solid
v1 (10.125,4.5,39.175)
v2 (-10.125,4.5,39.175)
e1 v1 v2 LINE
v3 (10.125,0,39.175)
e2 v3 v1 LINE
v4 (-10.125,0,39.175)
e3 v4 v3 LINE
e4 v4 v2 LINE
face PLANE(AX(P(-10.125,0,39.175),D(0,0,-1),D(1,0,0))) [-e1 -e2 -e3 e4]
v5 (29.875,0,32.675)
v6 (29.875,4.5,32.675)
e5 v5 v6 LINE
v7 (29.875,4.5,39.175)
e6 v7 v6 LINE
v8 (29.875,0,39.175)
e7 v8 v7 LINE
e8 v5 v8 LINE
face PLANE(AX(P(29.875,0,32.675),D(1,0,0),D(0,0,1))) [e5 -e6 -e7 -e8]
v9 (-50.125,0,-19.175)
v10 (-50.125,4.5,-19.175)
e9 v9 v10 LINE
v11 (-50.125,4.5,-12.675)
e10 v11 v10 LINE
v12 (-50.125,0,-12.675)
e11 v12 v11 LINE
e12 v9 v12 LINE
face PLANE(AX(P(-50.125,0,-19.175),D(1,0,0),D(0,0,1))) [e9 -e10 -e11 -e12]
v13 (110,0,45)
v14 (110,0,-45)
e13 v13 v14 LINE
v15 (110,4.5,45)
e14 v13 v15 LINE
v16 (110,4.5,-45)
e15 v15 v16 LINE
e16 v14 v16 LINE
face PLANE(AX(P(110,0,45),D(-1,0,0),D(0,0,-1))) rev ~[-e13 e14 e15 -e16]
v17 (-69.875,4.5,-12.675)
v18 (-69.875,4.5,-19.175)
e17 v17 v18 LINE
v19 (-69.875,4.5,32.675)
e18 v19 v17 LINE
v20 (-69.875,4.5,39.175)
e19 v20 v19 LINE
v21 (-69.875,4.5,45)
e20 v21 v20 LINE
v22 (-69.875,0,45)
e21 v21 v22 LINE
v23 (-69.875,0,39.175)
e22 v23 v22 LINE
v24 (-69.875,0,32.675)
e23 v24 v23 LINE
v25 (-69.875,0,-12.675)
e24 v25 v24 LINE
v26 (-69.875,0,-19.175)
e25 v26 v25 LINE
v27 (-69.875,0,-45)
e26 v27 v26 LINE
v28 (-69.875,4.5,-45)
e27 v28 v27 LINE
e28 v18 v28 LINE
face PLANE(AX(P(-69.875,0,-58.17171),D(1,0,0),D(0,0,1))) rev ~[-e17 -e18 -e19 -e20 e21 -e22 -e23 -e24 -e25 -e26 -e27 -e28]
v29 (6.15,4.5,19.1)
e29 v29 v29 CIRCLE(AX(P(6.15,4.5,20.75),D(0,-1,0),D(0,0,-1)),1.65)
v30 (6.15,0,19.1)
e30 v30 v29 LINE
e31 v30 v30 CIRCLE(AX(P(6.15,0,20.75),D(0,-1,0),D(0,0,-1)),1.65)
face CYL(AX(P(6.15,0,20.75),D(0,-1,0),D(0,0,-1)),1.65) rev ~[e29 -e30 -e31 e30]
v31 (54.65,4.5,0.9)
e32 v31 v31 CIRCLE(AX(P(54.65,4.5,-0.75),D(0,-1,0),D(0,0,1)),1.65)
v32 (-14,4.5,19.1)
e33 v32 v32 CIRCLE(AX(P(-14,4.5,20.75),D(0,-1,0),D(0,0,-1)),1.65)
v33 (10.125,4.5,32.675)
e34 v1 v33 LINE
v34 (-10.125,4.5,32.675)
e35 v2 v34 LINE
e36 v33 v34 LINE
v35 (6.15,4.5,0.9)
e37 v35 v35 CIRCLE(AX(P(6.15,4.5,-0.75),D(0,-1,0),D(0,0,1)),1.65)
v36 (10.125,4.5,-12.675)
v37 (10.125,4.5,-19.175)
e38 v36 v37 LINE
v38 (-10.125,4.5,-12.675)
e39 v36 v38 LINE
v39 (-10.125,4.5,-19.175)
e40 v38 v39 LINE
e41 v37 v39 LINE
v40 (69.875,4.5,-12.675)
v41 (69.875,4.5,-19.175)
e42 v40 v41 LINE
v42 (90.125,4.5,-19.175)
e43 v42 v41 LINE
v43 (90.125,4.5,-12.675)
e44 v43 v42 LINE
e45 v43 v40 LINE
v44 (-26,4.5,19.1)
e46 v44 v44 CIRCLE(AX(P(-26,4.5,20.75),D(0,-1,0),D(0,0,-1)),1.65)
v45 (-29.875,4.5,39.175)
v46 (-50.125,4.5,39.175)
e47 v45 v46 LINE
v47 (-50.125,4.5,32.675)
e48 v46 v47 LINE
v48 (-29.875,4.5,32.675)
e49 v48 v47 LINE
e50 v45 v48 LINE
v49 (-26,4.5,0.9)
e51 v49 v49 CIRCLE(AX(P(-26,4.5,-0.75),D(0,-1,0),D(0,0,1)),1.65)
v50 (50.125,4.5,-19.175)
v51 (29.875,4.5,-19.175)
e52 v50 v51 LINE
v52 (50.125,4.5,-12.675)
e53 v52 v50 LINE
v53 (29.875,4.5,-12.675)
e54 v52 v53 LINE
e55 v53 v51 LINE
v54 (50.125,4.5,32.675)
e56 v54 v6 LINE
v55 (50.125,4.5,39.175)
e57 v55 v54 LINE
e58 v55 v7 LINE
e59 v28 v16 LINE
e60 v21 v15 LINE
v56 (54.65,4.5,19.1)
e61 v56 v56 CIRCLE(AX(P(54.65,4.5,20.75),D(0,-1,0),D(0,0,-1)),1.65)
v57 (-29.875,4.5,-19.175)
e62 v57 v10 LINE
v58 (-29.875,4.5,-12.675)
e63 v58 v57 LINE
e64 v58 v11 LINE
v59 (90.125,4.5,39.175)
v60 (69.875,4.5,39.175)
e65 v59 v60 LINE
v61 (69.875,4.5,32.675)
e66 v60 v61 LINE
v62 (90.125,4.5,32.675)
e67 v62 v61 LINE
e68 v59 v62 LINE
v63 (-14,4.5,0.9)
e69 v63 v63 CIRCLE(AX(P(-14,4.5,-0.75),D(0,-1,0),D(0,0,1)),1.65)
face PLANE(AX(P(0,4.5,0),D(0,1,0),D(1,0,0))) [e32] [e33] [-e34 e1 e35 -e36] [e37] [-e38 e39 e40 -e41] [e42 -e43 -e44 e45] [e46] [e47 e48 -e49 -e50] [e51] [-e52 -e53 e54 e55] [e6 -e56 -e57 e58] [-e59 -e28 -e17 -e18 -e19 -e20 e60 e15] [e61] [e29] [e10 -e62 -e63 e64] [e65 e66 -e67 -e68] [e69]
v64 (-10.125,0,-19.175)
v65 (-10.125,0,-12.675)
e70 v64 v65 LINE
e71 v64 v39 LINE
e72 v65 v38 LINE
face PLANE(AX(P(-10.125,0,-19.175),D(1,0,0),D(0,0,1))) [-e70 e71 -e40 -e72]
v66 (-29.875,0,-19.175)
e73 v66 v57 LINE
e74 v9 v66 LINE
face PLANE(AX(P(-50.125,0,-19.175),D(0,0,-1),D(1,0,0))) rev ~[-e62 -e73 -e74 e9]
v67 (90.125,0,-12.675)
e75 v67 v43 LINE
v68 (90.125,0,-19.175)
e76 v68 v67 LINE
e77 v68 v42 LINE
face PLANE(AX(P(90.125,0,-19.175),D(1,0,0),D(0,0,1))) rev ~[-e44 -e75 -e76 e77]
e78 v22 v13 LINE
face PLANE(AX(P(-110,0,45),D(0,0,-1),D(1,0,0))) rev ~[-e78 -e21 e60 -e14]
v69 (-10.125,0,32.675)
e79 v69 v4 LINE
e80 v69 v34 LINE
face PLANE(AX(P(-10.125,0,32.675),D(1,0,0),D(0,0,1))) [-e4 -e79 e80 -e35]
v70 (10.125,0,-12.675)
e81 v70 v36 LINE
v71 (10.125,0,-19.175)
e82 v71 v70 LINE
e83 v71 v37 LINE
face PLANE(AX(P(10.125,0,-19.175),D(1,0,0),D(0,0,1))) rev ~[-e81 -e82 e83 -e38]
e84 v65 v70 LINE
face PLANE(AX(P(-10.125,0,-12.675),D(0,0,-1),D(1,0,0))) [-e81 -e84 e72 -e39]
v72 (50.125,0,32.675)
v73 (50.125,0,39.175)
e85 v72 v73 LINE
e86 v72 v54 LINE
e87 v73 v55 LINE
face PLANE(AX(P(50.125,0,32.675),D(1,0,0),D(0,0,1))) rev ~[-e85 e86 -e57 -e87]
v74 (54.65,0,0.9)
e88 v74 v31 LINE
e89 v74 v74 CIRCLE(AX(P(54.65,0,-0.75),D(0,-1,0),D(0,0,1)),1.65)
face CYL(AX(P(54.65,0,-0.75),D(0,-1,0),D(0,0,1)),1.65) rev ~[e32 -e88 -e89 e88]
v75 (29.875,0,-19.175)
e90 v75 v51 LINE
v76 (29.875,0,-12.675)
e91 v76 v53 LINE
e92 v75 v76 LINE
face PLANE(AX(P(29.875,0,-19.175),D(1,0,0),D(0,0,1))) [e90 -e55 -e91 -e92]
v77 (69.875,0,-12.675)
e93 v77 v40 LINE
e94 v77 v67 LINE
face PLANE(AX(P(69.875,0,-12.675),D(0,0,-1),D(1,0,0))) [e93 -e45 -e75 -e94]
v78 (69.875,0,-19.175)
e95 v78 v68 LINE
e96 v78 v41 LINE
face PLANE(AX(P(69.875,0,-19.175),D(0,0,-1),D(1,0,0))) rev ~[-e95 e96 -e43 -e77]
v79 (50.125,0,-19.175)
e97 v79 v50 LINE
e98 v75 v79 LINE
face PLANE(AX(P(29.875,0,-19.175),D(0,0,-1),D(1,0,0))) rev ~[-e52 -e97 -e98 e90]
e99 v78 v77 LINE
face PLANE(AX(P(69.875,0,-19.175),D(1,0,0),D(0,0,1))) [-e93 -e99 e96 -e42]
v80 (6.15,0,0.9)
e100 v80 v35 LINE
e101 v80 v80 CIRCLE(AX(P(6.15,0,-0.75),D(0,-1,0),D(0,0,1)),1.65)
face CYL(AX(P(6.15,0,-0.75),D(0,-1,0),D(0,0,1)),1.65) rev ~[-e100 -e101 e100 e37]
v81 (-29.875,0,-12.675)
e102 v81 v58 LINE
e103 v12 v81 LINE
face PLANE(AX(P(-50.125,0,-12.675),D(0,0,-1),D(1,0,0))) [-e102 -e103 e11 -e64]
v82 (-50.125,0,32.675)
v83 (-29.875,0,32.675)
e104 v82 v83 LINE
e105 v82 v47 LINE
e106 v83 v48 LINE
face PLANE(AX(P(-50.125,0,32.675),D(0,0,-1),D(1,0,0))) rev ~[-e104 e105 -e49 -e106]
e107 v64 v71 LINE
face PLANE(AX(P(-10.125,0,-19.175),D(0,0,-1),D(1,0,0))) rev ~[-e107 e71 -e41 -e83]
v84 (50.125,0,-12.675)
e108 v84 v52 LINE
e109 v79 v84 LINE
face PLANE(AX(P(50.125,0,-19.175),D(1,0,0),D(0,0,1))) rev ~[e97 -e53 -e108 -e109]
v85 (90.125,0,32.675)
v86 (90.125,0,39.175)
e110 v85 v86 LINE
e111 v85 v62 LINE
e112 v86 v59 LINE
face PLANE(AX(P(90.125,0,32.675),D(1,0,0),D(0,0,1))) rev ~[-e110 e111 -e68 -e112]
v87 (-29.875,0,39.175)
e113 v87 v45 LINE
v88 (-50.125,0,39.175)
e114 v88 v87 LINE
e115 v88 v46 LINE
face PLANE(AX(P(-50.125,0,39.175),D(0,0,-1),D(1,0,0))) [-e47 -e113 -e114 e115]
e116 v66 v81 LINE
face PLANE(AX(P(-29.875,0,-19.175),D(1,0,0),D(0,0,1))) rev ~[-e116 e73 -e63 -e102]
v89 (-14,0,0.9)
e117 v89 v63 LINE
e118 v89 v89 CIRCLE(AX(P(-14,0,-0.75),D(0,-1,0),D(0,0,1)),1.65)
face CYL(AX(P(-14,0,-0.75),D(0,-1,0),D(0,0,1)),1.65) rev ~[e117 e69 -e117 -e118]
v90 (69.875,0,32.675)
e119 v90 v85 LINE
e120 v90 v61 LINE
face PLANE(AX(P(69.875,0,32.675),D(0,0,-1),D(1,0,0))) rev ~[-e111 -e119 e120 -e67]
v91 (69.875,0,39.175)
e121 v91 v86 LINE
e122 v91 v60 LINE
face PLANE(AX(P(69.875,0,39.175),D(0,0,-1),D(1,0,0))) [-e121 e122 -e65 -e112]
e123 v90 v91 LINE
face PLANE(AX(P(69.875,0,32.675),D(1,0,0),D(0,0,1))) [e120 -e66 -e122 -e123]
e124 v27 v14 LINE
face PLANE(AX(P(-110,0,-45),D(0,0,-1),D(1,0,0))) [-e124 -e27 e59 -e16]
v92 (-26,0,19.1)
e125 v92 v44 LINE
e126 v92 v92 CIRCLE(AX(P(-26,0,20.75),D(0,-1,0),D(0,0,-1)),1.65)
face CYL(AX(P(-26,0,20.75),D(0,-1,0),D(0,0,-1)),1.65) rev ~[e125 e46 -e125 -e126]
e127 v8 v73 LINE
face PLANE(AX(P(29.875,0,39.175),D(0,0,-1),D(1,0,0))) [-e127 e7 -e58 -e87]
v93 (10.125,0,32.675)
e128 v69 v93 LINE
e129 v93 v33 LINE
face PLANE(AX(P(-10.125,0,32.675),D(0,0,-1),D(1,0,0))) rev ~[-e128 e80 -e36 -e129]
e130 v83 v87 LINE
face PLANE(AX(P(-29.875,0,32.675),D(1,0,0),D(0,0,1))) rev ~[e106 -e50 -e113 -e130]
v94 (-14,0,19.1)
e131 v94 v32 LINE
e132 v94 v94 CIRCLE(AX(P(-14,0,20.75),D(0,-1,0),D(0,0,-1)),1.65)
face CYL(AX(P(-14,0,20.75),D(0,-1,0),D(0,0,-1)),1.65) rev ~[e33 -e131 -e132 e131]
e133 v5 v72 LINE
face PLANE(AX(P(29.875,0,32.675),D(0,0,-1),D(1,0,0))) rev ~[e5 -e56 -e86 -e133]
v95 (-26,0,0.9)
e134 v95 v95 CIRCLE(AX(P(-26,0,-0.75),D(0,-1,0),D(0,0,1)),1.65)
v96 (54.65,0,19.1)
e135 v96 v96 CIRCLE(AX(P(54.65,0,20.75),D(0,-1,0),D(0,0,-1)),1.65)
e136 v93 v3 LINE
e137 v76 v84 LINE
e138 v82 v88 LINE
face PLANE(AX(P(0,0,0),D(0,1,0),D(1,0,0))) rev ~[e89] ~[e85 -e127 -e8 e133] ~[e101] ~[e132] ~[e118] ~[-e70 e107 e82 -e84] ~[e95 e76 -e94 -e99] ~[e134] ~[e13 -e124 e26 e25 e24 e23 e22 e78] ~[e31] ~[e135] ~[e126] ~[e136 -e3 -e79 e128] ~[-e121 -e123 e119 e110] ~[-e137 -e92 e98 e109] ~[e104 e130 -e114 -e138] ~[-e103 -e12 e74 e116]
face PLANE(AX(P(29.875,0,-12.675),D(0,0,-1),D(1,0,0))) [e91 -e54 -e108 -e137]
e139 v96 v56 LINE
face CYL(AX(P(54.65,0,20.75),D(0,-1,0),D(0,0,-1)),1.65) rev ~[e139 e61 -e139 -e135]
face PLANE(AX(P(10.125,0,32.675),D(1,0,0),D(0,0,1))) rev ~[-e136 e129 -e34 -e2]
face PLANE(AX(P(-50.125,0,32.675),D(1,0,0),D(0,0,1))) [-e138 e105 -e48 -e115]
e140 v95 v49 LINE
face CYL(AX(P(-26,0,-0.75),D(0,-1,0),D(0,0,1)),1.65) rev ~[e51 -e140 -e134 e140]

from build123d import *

# Parameters (mm, degrees)
SKETCH2_W           = 220
SKETCH2_H           = 90
BOSS_EXTRUDE1_DEPTH = 4.5
SKETCH3_W           = 20.25
SKETCH3_H           = 6.5
CUT_EXTRUDE1_DEPTH  = 119.933805119
SKETCH5_R           = 1.65
BRACKET_HOLES_DEPTH = 119.933805119
SKETCH6_W           = 59.428711229
SKETCH6_H           = 112.188854202
TRIM_CUT_DEPTH      = 119.933805119


with BuildPart() as part:
    # Sketch2 → Boss-Extrude1 (new body)
    with BuildSketch(Plane(origin=(0, 0, 0), x_dir=(1, 0, 0), z_dir=(0, 1, 0))):
        Rectangle(SKETCH2_W, SKETCH2_H)
    extrude(amount=BOSS_EXTRUDE1_DEPTH)

    # Sketch3 → Cut-Extrude1 (cut, through all)
    with BuildSketch(Plane.XZ):
        with Locations((40, -15.925)):
            Rectangle(SKETCH3_W, SKETCH3_H)
        with Locations((0, -15.925)):
            Rectangle(SKETCH3_W, SKETCH3_H)
        with Locations((80, -15.925)):
            Rectangle(SKETCH3_W, SKETCH3_H)
        with Locations((-80, -15.925)):
            Rectangle(SKETCH3_W, SKETCH3_H)
        with Locations((-40, -15.925)):
            Rectangle(SKETCH3_W, SKETCH3_H)
        with Locations((-40, 35.925)):
            Rectangle(SKETCH3_W, SKETCH3_H)
        with Locations((-80, 35.925)):
            Rectangle(SKETCH3_W, SKETCH3_H)
        with Locations((80, 35.925)):
            Rectangle(SKETCH3_W, SKETCH3_H)
        with Locations((40, 35.925)):
            Rectangle(SKETCH3_W, SKETCH3_H)
        with Locations((0, 35.925)):
            Rectangle(SKETCH3_W, SKETCH3_H)
    extrude(amount=-CUT_EXTRUDE1_DEPTH, mode=Mode.SUBTRACT)

    # Sketch5 → Bracket holes (cut, through all)
    with BuildSketch(Plane.XZ):
        with Locations(Location((-26, 20.75, 0), (0, 0, 270))):
            Circle(SKETCH5_R)
        with Locations(Location((-14, 20.75, 0), (0, 0, 270))):
            Circle(SKETCH5_R)
        with Locations(Location((6.15, 20.75, 0), (0, 0, 270))):
            Circle(SKETCH5_R)
        with Locations(Location((54.65, 20.75, 0), (0, 0, 270))):
            Circle(SKETCH5_R)
        with Locations(Location((54.65, -0.75, 0), (0, 0, 90))):
            Circle(SKETCH5_R)
        with Locations(Location((6.15, -0.75, 0), (0, 0, 90))):
            Circle(SKETCH5_R)
        with Locations(Location((-14, -0.75, 0), (0, 0, 90))):
            Circle(SKETCH5_R)
        with Locations(Location((-26, -0.75, 0), (0, 0, 90))):
            Circle(SKETCH5_R)
    extrude(amount=-BRACKET_HOLES_DEPTH, mode=Mode.SUBTRACT)

    # Sketch6 → Trim cut (cut, through all)
    with BuildSketch(Plane.XZ):
        with Locations((-99.589355615, -2.07728242)):
            Rectangle(SKETCH6_W, SKETCH6_H)
    extrude(amount=-TRIM_CUT_DEPTH, mode=Mode.SUBTRACT)


solid = part.part
